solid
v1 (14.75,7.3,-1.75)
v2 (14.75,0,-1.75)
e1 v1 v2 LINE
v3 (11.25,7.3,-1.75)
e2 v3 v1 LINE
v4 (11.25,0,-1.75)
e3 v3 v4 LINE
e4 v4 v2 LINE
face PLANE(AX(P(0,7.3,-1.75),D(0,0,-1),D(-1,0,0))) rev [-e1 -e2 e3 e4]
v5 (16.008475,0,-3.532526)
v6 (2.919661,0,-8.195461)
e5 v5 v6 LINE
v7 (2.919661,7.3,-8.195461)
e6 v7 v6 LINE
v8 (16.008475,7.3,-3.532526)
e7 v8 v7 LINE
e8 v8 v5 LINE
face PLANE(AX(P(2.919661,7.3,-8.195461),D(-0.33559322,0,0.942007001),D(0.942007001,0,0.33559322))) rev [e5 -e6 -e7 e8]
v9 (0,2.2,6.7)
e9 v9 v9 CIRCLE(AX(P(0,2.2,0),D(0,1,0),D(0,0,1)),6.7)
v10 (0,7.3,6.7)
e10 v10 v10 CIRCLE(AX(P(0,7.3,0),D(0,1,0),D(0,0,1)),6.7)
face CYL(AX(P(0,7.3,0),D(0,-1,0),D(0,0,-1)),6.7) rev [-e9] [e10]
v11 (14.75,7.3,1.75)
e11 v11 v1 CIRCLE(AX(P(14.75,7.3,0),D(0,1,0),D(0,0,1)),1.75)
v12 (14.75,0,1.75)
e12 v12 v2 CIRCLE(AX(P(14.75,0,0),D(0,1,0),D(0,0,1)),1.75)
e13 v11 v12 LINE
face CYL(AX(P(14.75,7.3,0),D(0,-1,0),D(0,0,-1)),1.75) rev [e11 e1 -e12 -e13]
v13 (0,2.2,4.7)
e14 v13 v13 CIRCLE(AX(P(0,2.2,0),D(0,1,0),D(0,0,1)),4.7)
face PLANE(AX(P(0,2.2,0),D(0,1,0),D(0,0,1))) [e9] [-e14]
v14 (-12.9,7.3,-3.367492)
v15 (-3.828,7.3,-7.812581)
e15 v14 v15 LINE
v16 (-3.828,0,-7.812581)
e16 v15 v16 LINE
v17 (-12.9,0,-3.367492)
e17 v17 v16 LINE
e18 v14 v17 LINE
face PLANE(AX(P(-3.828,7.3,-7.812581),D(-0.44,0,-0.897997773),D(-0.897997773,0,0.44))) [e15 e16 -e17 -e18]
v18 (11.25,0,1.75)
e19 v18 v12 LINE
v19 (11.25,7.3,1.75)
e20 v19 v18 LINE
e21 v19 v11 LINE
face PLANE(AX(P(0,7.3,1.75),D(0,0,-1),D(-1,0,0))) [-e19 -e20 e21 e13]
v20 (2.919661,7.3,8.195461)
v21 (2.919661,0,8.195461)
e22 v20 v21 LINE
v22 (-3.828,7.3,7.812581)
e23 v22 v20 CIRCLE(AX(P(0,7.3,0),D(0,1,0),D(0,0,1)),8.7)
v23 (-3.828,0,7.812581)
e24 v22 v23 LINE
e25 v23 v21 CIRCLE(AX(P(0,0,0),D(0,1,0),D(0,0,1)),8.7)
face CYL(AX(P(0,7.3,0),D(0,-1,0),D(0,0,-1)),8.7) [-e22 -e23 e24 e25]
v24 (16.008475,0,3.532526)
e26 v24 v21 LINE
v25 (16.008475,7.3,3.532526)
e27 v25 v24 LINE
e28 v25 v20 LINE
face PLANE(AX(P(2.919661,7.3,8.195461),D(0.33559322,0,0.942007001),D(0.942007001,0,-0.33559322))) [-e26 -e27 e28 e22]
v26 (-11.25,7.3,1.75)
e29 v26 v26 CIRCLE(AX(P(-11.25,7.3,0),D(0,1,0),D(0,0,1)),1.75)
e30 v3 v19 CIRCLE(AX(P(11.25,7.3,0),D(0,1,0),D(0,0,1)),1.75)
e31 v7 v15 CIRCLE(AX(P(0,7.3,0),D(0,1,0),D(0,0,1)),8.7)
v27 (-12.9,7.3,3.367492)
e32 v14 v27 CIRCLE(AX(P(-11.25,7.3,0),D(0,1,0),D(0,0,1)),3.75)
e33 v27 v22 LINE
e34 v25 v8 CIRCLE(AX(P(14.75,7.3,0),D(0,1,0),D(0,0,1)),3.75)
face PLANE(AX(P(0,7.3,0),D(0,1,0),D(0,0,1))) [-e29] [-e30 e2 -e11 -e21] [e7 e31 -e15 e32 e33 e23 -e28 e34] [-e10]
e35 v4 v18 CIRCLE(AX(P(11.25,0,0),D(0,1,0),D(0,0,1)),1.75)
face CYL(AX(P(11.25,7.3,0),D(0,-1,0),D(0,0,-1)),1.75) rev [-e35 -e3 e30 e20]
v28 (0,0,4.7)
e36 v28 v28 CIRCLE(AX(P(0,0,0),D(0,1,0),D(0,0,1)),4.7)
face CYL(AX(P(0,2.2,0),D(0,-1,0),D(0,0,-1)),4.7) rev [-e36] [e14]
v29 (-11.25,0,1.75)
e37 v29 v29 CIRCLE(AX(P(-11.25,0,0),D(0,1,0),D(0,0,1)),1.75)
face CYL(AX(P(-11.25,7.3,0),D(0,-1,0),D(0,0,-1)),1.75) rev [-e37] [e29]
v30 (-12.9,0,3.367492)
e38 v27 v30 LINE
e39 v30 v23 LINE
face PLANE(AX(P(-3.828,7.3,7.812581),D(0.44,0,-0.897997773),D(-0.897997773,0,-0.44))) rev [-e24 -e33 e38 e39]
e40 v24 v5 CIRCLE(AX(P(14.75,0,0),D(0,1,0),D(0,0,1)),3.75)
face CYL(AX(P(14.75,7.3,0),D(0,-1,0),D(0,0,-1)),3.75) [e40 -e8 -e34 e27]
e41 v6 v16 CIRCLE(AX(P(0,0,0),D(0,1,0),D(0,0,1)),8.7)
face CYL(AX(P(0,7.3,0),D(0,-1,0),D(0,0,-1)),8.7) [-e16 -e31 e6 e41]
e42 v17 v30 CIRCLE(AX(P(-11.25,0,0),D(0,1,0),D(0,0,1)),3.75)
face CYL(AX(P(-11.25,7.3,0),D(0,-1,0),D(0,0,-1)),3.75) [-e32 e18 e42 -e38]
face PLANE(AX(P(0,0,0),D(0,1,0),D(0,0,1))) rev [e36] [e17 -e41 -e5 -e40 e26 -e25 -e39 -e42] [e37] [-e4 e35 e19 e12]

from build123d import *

# Parameters (mm, degrees)
SKETCH1_R     = 6.7
SKETCH1_R_2   = 1.75
BODY_DEPTH    = 7.3
SKETCH1_4_R   = 6.7
SKETCH1_4_R_2 = 4.7
FLOOR_2_DEPTH = 2.2


with BuildPart() as part:
    # Sketch1 → Body (new body)
    with BuildSketch(Plane(origin=(0, 0, 0), x_dir=(1, 0, 0), z_dir=(0, 1, 0))):
        with BuildLine():
            ThreePointArc((16.008474576, -3.532526255), (18.5, 0), (16.008474576, 3.532526255))
            Line((16.008474576, 3.532526255), (2.919661017, 8.195460911))
            ThreePointArc((2.919661017, 8.195460911), (-0.492868396, 8.686027904), (-3.828, 7.812580624))
            Line((-3.828, 7.812580624), (-12.9, 3.367491648))
            ThreePointArc((-12.9, 3.367491648), (-15, 0), (-12.9, -3.367491648))
            Line((-12.9, -3.367491648), (-3.828, -7.812580624))
            ThreePointArc((-3.828, -7.812580624), (-0.492868396, -8.686027904), (2.919661017, -8.195460911))
            Line((2.919661017, -8.195460911), (16.008474576, -3.532526255))
        make_face()
        with BuildLine():
            Line((11.25, 1.75), (14.75, 1.75))
            ThreePointArc((14.75, 1.75), (16.5, 0), (14.75, -1.75))
            Line((14.75, -1.75), (11.25, -1.75))
            ThreePointArc((11.25, -1.75), (9.5, 0), (11.25, 1.75))
        make_face(mode=Mode.SUBTRACT)
        Circle(SKETCH1_R, mode=Mode.SUBTRACT)
        with Locations((-11.25, 0)):
            Circle(SKETCH1_R_2, mode=Mode.SUBTRACT)
    extrude(amount=BODY_DEPTH)

    # Sketch1<4> → Floor 2 (add)
    with BuildSketch(Plane(origin=(0, 0, 0), x_dir=(1, 0, 0), z_dir=(0, 1, 0))):
        Circle(SKETCH1_4_R)
        Circle(SKETCH1_4_R_2, mode=Mode.SUBTRACT)
    extrude(amount=FLOOR_2_DEPTH)


solid = part.part
